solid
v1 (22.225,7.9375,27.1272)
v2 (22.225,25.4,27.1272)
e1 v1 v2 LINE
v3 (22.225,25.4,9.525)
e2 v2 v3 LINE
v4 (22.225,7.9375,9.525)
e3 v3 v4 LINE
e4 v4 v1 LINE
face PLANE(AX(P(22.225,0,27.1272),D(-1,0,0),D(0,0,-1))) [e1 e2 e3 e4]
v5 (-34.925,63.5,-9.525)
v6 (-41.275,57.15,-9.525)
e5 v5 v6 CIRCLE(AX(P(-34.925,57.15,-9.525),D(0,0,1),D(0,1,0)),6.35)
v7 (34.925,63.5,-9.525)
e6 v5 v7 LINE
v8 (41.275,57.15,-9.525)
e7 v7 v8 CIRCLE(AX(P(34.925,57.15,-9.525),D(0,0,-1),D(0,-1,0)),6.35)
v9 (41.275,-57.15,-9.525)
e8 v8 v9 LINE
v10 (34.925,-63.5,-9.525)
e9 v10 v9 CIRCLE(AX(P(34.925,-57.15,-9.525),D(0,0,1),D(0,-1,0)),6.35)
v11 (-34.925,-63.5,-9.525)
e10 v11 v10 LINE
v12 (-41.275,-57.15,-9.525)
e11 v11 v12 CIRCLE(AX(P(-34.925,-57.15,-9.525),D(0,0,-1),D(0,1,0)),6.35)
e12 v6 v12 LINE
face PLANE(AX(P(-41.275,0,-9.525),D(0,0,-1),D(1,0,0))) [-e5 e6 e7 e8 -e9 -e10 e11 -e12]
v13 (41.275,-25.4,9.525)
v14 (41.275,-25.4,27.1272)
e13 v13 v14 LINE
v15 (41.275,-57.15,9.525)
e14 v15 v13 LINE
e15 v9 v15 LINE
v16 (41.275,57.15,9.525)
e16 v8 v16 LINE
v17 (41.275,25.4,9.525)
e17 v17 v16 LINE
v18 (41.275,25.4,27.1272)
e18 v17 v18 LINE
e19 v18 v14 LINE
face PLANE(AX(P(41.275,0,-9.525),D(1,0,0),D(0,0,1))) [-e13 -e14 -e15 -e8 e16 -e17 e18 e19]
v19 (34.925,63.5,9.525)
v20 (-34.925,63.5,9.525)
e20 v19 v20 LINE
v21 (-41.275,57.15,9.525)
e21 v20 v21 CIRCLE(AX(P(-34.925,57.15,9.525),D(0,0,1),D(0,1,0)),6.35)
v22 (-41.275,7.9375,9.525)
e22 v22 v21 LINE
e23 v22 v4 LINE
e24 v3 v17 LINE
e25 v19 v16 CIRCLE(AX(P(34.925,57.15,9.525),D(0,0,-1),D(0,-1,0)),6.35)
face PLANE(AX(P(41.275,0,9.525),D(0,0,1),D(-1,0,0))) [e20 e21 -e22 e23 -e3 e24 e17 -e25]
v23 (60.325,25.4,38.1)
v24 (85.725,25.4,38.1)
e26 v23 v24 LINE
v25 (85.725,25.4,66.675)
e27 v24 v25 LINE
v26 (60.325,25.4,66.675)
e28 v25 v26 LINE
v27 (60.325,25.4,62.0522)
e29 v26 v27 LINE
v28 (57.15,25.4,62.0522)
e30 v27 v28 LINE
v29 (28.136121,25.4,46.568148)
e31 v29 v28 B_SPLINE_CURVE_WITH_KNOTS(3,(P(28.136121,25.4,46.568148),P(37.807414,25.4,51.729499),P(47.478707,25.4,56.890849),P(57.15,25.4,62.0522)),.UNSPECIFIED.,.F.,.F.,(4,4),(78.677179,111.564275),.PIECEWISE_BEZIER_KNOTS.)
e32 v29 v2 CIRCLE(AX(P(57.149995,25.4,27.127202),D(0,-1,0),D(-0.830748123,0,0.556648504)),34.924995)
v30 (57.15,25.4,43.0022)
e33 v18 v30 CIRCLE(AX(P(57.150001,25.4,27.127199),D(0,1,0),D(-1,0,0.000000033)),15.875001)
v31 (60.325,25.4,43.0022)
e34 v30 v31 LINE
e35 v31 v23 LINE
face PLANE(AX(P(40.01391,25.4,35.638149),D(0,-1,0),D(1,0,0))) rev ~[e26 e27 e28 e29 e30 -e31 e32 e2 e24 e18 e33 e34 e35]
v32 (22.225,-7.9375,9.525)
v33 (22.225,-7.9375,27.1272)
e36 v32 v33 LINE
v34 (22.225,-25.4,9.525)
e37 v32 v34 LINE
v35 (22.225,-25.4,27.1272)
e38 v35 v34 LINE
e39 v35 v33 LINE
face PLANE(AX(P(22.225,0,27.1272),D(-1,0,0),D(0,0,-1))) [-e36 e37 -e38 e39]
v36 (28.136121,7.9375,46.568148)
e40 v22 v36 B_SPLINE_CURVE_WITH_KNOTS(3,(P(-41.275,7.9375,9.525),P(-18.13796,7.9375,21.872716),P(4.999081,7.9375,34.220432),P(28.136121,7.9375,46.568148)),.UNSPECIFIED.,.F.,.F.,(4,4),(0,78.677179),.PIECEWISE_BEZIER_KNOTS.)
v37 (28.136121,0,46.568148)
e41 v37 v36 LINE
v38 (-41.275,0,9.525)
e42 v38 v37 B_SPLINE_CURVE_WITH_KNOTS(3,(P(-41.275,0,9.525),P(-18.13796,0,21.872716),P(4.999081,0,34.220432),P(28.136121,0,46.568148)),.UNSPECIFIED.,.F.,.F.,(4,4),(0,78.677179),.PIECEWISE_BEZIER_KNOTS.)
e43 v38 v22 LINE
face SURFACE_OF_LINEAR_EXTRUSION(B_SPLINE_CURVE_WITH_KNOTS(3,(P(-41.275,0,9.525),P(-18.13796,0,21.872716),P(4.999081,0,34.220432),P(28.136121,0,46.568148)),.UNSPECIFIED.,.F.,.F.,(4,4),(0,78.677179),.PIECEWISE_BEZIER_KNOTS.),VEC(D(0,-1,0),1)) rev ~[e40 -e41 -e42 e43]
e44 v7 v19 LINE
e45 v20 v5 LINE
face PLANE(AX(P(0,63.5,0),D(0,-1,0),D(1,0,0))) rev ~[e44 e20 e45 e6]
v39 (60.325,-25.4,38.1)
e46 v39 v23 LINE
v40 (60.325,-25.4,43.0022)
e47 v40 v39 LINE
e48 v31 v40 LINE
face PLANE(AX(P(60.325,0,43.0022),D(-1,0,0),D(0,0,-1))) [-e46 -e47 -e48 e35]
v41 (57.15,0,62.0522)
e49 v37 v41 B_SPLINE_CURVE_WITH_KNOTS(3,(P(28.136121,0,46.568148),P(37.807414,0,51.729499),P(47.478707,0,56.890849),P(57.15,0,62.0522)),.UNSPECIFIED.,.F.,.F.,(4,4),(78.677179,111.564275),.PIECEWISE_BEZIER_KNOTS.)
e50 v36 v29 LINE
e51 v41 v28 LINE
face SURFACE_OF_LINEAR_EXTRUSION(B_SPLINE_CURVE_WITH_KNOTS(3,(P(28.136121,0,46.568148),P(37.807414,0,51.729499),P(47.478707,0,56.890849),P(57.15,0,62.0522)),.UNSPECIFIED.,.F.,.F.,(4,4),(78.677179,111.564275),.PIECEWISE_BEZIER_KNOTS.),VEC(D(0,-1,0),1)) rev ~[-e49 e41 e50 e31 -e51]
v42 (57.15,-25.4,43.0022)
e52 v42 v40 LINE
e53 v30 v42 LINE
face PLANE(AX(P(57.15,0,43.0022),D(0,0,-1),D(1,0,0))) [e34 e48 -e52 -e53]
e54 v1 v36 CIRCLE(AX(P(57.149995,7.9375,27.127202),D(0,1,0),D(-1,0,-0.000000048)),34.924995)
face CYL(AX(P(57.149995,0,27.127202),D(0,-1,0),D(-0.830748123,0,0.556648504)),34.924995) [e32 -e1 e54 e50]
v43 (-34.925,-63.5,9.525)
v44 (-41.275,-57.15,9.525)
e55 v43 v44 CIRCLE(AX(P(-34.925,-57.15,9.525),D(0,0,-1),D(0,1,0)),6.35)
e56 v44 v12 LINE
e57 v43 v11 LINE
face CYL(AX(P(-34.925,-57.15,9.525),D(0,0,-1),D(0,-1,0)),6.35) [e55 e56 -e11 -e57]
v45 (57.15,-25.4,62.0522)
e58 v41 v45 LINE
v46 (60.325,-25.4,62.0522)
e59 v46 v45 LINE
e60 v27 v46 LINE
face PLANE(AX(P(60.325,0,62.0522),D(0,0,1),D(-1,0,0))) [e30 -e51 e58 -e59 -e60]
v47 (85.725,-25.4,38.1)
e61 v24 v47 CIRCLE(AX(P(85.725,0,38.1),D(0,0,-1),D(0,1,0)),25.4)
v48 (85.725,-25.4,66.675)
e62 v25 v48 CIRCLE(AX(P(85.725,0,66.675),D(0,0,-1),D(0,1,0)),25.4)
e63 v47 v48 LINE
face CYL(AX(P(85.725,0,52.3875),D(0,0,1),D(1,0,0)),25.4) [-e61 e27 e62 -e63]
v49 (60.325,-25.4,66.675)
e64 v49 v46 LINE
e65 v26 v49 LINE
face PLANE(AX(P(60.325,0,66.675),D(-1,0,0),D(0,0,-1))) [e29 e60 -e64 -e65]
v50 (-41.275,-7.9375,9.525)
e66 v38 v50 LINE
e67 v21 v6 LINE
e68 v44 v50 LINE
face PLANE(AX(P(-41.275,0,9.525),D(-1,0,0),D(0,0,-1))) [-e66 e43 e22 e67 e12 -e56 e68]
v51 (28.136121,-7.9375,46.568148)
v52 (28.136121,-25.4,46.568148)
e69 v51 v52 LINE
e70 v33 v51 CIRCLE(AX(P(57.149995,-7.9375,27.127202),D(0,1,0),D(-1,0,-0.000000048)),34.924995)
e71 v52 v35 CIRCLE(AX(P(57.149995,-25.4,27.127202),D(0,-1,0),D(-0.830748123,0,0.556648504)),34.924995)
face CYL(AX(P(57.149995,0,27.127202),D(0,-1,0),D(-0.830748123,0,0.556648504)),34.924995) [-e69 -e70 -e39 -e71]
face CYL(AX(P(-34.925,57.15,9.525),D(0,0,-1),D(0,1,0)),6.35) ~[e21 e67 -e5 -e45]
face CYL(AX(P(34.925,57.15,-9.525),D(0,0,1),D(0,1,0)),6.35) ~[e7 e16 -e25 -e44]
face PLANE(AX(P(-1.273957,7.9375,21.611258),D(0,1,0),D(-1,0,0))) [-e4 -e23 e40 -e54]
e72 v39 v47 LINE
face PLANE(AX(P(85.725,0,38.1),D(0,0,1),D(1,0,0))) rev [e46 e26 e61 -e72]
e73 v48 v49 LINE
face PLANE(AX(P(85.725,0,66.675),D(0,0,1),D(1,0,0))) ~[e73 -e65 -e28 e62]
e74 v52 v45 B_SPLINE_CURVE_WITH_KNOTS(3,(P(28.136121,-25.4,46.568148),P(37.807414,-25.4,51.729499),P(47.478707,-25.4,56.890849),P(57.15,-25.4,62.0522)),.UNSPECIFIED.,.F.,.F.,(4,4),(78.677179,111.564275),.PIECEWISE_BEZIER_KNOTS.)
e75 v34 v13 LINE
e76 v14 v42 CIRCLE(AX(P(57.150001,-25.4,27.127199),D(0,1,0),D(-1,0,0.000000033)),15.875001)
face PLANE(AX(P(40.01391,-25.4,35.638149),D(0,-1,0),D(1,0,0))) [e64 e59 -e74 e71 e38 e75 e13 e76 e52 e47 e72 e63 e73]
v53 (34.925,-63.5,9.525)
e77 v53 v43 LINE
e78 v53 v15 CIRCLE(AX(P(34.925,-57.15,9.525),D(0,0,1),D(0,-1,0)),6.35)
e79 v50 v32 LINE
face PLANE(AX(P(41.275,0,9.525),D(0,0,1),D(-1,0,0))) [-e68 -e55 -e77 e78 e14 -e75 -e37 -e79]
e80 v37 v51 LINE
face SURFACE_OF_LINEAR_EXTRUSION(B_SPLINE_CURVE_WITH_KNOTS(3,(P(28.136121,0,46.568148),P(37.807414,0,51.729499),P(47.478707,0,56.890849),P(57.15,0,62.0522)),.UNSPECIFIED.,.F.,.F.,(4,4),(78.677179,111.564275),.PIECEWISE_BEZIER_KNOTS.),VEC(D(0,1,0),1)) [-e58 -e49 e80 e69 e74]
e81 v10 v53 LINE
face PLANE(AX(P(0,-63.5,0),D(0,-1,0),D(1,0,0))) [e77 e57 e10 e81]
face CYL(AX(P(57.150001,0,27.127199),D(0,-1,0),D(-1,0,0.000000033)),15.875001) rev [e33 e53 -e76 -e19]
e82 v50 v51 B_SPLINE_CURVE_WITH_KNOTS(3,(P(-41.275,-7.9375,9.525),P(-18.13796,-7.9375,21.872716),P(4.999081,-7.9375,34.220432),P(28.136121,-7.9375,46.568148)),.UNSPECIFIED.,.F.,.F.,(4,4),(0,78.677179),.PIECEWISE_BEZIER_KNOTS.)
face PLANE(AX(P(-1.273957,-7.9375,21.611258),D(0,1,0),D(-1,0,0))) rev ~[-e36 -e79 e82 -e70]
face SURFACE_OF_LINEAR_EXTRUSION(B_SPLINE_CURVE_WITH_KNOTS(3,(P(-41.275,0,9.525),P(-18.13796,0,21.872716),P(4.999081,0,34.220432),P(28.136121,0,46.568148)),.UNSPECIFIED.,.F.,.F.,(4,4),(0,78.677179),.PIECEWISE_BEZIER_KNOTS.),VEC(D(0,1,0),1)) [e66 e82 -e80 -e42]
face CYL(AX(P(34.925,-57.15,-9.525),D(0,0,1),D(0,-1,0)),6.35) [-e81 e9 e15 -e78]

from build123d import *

# Parameters (mm, degrees)
F1_DEPTH = 63.5
F2_DEPTH = 25.4
F3_DEPTH = 7.9375
F0_W     = 25.4
F0_H     = 28.575
F5_R     = 6.35


with BuildPart() as f1:
    # F0 (on Front) → F1 (new body, symmetric)
    with BuildSketch(Plane.XZ):
        Polygon((22.225, 9.525), (-41.275, 9.525), (-41.275, -9.525), (41.275, -9.525), (41.275, 9.525), align=None)
    extrude(amount=F1_DEPTH, both=True)

    # F0 (on Front) → F2 (join, symmetric)
    with BuildSketch(Plane.XZ):
        with BuildLine():
            Line((22.225, 27.1272), (22.225, 9.525))
            Line((22.225, 9.525), (41.275, 9.525))
            Line((41.275, 9.525), (41.275, 27.1272))
            ThreePointArc((41.275, 27.1272), (45.92468, 38.35252), (57.15, 43.0022))
            Line((57.15, 43.0022), (60.325, 43.0022))
            Line((60.325, 43.0022), (60.325, 62.0522))
            Line((60.325, 62.0522), (57.15, 62.0522))
            add(Edge.make_bspline(
                [(28.136121, 46.568148), (37.807414, 51.729499), (47.478707, 56.890849), (57.15, 62.0522)],
                knots=[78.677179, 78.677179, 78.677179, 78.677179, 111.564275, 111.564275, 111.564275, 111.564275], degree=3))
            ThreePointArc((28.136121, 46.568148), (23.735442, 37.28707), (22.225, 27.1272))
        make_face()
        Polygon((60.325, 66.675), (60.325, 62.0522), (60.325, 43.0022), (60.325, 38.1), (85.725, 38.1), (85.725, 66.675), align=None)
    extrude(amount=F2_DEPTH, both=True)

    # F0 (on Front) → F3 (join, symmetric)
    with BuildSketch(Plane.XZ):
        with BuildLine():
            add(Edge.make_bspline(
                [(-41.275, 9.525), (-18.13796, 21.872716), (4.999081, 34.220432), (28.136121, 46.568148)],
                knots=[0, 0, 0, 0, 78.677179, 78.677179, 78.677179, 78.677179], degree=3))
            Line((-41.275, 9.525), (22.225, 9.525))
            Line((22.225, 9.525), (22.225, 27.1272))
            ThreePointArc((22.225, 27.1272), (23.735442, 37.28707), (28.136121, 46.568148))
        make_face()
    extrude(amount=F3_DEPTH, both=True)

    # F0 (on Front) → F4 (revolve)
    with BuildSketch(Plane.XZ):
        with Locations((98.425, 52.3875)):
            Rectangle(F0_W, F0_H)
    revolve(axis=Axis((85.725, 0, 52.3875), (0, 0, 1)))

    # F5
    f5_edges = [f1.edges().sort_by_distance(p)[0] for p in [
        (41.275, -63.5, 0),
        (-41.275, -63.5, 0),
        (-41.275, 63.5, 0),
        (41.275, 63.5, 0),
    ]]
    fillet(f5_edges, radius=F5_R)


solid = f1.part
